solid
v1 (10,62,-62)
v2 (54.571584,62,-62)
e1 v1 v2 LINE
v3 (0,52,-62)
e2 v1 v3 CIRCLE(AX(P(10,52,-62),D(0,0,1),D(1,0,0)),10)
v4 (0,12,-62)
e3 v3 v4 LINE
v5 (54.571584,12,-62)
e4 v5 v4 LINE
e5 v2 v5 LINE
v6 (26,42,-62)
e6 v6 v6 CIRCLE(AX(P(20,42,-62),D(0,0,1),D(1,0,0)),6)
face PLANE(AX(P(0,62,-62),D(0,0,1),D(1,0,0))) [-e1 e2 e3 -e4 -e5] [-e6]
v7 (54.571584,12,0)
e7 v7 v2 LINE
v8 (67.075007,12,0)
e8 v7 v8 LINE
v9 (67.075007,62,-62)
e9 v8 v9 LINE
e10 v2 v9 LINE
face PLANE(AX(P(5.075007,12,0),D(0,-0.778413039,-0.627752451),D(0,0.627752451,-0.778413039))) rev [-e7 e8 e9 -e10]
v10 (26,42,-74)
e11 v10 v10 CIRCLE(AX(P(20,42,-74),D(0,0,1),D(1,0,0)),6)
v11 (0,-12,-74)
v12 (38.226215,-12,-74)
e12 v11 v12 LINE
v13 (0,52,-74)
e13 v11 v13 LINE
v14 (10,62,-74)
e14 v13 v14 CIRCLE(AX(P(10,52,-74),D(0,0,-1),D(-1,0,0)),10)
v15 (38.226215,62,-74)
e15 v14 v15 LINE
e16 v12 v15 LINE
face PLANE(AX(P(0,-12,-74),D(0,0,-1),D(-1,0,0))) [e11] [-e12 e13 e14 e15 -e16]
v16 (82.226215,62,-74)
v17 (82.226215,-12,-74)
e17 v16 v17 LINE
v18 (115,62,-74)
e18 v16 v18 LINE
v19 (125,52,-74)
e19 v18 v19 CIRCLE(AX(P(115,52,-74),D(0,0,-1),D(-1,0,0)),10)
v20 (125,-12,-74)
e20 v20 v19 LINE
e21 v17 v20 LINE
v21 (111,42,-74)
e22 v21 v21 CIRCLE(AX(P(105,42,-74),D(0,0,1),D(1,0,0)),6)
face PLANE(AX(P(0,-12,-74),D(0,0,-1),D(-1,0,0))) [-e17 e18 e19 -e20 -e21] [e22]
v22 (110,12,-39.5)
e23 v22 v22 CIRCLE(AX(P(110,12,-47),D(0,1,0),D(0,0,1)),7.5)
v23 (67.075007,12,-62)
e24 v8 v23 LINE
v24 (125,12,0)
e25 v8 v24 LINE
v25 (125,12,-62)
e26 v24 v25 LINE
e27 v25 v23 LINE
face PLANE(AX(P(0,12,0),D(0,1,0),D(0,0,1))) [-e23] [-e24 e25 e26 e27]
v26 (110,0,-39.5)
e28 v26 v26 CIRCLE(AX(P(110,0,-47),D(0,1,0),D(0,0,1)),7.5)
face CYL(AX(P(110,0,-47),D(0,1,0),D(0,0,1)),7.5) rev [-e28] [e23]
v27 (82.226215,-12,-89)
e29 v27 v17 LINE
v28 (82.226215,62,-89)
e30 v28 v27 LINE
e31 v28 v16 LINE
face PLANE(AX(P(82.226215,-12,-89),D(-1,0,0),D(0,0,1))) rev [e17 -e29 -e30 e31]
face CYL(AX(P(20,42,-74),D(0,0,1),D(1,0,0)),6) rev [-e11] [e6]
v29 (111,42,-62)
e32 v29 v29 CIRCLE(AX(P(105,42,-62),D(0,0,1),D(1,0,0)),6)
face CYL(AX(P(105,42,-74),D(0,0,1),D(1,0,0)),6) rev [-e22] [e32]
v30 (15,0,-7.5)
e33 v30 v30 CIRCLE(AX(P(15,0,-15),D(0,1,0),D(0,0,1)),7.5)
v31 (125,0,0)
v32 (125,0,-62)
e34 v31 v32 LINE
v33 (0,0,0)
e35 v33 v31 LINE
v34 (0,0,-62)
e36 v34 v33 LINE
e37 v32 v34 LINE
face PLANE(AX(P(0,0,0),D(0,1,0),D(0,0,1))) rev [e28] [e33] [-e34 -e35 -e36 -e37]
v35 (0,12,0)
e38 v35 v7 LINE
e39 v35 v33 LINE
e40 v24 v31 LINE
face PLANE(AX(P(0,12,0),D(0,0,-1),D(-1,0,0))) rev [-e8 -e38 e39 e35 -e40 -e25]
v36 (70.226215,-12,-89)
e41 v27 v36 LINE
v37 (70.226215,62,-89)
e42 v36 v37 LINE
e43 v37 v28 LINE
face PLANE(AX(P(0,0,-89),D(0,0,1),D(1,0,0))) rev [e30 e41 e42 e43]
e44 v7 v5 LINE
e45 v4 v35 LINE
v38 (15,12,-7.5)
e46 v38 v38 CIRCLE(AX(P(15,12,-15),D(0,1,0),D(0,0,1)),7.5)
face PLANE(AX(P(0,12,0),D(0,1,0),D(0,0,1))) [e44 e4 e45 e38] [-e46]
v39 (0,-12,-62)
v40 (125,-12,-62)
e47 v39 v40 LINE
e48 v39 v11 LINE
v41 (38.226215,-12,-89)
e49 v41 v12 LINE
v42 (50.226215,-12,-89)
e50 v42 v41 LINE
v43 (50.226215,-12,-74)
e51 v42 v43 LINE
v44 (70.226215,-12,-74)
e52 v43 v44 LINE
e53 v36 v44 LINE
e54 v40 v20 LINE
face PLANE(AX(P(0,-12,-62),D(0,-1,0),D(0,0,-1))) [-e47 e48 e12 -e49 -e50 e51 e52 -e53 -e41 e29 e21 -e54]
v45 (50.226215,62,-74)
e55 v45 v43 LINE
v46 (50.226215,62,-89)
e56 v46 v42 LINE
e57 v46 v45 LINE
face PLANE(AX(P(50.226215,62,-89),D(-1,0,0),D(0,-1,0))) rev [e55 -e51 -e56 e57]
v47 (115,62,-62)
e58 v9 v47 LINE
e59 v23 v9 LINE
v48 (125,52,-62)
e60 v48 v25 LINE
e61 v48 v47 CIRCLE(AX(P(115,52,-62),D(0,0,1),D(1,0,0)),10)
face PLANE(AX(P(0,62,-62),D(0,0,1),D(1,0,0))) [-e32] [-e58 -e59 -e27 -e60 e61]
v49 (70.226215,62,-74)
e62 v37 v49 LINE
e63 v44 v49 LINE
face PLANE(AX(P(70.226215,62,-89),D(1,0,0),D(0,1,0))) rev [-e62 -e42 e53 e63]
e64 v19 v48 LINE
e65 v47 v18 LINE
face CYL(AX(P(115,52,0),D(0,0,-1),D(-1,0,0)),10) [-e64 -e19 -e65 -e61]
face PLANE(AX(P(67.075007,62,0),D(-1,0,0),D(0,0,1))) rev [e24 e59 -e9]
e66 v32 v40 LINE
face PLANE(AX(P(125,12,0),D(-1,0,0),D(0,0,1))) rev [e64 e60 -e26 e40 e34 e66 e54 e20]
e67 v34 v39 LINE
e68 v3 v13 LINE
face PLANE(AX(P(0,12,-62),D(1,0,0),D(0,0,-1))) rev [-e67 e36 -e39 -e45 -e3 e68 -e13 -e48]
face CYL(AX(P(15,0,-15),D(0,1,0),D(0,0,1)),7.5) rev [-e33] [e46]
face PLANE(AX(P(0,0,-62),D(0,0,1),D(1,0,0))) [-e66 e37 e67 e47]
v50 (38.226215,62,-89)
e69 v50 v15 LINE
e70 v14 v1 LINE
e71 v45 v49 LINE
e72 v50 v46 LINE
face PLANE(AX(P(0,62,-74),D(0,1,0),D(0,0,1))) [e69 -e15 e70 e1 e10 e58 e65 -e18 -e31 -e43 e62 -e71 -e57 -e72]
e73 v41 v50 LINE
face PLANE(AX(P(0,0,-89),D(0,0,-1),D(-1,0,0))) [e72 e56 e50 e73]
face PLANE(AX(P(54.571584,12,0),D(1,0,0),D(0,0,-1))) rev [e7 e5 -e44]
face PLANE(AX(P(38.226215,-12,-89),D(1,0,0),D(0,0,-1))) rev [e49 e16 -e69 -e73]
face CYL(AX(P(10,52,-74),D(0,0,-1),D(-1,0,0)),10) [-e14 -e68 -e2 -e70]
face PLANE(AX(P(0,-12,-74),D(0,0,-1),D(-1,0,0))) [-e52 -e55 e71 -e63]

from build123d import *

# Parameters (mm, degrees)
SKETCH1_W           = 125
SKETCH1_H           = 62
SKETCH1_R           = 7.5
BOSS_EXTRUDE1_DEPTH = 12
BOSS_EXTRUDE3_DEPTH = 125
SKETCH7_W           = 12
SKETCH7_H           = 74
BOSS_EXTRUDE6_DEPTH = 15
SKETCH8_W           = 12.503423745
SKETCH8_H           = 50
BOSS_EXTRUDE7_DEPTH = 62
CUT_EXTRUDE1_DEPTH  = 62
FILLET1_R           = 10
FILLET2_R           = 10
SKETCH10_R          = 7.5
CUT_EXTRUDE2_DEPTH  = 12
SKETCH11_R          = 6
CUT_EXTRUDE3_DEPTH  = 12


with BuildPart() as part:
    # Sketch1 → Boss-Extrude1 (new body)
    with BuildSketch(Plane(origin=(0, 0, 0), x_dir=(1, 0, 0), z_dir=(0, 1, 0))):
        with Locations((62.5, 31)):
            Rectangle(SKETCH1_W, SKETCH1_H)
        with Locations(Location((15, 15, 0), (0, 0, 270))):
            Circle(SKETCH1_R, mode=Mode.SUBTRACT)
        with Locations(Location((110, 47, 0), (0, 0, 270))):
            Circle(SKETCH1_R, mode=Mode.SUBTRACT)
    extrude(amount=BOSS_EXTRUDE1_DEPTH)

    # Sketch2 → Boss-Extrude3 (add)
    with BuildSketch(Plane(origin=(125, 0, 0), x_dir=(0, 0, -1), z_dir=(1, 0, 0))):
        Polygon((62, 0), (62, -12), (74, -12), (74, 62), (62, 62), (62, 12), (0, 12), (0, 0), align=None)
    extrude(amount=-BOSS_EXTRUDE3_DEPTH)

    # Sketch7 → Boss-Extrude6 (add)
    with BuildSketch(Plane(origin=(0, 0, -74), x_dir=(-1, 0, 0), z_dir=(0, 0, -1))):
        with Locations((-76.226215006, 25)):
            Rectangle(SKETCH7_W, SKETCH7_H)
        with Locations((-44.226215006, 25)):
            Rectangle(SKETCH7_W, SKETCH7_H)
    extrude(amount=BOSS_EXTRUDE6_DEPTH)

    # Sketch8 → Boss-Extrude7 (add)
    with BuildSketch(Plane.XY.offset(-62)):
        with Locations((60.823295538, 37)):
            Rectangle(SKETCH8_W, SKETCH8_H)
    extrude(amount=BOSS_EXTRUDE7_DEPTH)

    # Sketch9 → Cut-Extrude1 (cut)
    with BuildSketch(Plane(origin=(67.07500741, 0, 0), x_dir=(0, 0, -1), z_dir=(1, 0, 0))):
        Polygon((0, 12), (62, 62), (0, 62), align=None)
    extrude(amount=-CUT_EXTRUDE1_DEPTH, mode=Mode.SUBTRACT)

    # Fillet1
    fillet1_edges = [part.edges().sort_by_distance(p)[0] for p in [
        (125, 62, -68),
    ]]
    fillet(fillet1_edges, radius=FILLET1_R)

    # Fillet2
    fillet2_edges = [part.edges().sort_by_distance(p)[0] for p in [
        (0, 62, -68),
    ]]
    fillet(fillet2_edges, radius=FILLET2_R)

    # Sketch10 → Cut-Extrude2 (cut)
    with BuildSketch(Plane(origin=(0, 12, 0), x_dir=(1, 0, 0), z_dir=(0, 1, 0))):
        with Locations(Location((15, 15, 0), (0, 0, 270))):
            Circle(SKETCH10_R)
        with Locations(Location((110, 47, 0), (0, 0, 270))):
            Circle(SKETCH10_R)
    extrude(amount=-CUT_EXTRUDE2_DEPTH, mode=Mode.SUBTRACT)

    # Sketch11 → Cut-Extrude3 (cut)
    with BuildSketch(Plane.XY.offset(-62)):
        with Locations((105, 42)):
            Circle(SKETCH11_R)
        with Locations((20, 42)):
            Circle(SKETCH11_R)
    extrude(amount=-CUT_EXTRUDE3_DEPTH, mode=Mode.SUBTRACT)


solid = part.part
